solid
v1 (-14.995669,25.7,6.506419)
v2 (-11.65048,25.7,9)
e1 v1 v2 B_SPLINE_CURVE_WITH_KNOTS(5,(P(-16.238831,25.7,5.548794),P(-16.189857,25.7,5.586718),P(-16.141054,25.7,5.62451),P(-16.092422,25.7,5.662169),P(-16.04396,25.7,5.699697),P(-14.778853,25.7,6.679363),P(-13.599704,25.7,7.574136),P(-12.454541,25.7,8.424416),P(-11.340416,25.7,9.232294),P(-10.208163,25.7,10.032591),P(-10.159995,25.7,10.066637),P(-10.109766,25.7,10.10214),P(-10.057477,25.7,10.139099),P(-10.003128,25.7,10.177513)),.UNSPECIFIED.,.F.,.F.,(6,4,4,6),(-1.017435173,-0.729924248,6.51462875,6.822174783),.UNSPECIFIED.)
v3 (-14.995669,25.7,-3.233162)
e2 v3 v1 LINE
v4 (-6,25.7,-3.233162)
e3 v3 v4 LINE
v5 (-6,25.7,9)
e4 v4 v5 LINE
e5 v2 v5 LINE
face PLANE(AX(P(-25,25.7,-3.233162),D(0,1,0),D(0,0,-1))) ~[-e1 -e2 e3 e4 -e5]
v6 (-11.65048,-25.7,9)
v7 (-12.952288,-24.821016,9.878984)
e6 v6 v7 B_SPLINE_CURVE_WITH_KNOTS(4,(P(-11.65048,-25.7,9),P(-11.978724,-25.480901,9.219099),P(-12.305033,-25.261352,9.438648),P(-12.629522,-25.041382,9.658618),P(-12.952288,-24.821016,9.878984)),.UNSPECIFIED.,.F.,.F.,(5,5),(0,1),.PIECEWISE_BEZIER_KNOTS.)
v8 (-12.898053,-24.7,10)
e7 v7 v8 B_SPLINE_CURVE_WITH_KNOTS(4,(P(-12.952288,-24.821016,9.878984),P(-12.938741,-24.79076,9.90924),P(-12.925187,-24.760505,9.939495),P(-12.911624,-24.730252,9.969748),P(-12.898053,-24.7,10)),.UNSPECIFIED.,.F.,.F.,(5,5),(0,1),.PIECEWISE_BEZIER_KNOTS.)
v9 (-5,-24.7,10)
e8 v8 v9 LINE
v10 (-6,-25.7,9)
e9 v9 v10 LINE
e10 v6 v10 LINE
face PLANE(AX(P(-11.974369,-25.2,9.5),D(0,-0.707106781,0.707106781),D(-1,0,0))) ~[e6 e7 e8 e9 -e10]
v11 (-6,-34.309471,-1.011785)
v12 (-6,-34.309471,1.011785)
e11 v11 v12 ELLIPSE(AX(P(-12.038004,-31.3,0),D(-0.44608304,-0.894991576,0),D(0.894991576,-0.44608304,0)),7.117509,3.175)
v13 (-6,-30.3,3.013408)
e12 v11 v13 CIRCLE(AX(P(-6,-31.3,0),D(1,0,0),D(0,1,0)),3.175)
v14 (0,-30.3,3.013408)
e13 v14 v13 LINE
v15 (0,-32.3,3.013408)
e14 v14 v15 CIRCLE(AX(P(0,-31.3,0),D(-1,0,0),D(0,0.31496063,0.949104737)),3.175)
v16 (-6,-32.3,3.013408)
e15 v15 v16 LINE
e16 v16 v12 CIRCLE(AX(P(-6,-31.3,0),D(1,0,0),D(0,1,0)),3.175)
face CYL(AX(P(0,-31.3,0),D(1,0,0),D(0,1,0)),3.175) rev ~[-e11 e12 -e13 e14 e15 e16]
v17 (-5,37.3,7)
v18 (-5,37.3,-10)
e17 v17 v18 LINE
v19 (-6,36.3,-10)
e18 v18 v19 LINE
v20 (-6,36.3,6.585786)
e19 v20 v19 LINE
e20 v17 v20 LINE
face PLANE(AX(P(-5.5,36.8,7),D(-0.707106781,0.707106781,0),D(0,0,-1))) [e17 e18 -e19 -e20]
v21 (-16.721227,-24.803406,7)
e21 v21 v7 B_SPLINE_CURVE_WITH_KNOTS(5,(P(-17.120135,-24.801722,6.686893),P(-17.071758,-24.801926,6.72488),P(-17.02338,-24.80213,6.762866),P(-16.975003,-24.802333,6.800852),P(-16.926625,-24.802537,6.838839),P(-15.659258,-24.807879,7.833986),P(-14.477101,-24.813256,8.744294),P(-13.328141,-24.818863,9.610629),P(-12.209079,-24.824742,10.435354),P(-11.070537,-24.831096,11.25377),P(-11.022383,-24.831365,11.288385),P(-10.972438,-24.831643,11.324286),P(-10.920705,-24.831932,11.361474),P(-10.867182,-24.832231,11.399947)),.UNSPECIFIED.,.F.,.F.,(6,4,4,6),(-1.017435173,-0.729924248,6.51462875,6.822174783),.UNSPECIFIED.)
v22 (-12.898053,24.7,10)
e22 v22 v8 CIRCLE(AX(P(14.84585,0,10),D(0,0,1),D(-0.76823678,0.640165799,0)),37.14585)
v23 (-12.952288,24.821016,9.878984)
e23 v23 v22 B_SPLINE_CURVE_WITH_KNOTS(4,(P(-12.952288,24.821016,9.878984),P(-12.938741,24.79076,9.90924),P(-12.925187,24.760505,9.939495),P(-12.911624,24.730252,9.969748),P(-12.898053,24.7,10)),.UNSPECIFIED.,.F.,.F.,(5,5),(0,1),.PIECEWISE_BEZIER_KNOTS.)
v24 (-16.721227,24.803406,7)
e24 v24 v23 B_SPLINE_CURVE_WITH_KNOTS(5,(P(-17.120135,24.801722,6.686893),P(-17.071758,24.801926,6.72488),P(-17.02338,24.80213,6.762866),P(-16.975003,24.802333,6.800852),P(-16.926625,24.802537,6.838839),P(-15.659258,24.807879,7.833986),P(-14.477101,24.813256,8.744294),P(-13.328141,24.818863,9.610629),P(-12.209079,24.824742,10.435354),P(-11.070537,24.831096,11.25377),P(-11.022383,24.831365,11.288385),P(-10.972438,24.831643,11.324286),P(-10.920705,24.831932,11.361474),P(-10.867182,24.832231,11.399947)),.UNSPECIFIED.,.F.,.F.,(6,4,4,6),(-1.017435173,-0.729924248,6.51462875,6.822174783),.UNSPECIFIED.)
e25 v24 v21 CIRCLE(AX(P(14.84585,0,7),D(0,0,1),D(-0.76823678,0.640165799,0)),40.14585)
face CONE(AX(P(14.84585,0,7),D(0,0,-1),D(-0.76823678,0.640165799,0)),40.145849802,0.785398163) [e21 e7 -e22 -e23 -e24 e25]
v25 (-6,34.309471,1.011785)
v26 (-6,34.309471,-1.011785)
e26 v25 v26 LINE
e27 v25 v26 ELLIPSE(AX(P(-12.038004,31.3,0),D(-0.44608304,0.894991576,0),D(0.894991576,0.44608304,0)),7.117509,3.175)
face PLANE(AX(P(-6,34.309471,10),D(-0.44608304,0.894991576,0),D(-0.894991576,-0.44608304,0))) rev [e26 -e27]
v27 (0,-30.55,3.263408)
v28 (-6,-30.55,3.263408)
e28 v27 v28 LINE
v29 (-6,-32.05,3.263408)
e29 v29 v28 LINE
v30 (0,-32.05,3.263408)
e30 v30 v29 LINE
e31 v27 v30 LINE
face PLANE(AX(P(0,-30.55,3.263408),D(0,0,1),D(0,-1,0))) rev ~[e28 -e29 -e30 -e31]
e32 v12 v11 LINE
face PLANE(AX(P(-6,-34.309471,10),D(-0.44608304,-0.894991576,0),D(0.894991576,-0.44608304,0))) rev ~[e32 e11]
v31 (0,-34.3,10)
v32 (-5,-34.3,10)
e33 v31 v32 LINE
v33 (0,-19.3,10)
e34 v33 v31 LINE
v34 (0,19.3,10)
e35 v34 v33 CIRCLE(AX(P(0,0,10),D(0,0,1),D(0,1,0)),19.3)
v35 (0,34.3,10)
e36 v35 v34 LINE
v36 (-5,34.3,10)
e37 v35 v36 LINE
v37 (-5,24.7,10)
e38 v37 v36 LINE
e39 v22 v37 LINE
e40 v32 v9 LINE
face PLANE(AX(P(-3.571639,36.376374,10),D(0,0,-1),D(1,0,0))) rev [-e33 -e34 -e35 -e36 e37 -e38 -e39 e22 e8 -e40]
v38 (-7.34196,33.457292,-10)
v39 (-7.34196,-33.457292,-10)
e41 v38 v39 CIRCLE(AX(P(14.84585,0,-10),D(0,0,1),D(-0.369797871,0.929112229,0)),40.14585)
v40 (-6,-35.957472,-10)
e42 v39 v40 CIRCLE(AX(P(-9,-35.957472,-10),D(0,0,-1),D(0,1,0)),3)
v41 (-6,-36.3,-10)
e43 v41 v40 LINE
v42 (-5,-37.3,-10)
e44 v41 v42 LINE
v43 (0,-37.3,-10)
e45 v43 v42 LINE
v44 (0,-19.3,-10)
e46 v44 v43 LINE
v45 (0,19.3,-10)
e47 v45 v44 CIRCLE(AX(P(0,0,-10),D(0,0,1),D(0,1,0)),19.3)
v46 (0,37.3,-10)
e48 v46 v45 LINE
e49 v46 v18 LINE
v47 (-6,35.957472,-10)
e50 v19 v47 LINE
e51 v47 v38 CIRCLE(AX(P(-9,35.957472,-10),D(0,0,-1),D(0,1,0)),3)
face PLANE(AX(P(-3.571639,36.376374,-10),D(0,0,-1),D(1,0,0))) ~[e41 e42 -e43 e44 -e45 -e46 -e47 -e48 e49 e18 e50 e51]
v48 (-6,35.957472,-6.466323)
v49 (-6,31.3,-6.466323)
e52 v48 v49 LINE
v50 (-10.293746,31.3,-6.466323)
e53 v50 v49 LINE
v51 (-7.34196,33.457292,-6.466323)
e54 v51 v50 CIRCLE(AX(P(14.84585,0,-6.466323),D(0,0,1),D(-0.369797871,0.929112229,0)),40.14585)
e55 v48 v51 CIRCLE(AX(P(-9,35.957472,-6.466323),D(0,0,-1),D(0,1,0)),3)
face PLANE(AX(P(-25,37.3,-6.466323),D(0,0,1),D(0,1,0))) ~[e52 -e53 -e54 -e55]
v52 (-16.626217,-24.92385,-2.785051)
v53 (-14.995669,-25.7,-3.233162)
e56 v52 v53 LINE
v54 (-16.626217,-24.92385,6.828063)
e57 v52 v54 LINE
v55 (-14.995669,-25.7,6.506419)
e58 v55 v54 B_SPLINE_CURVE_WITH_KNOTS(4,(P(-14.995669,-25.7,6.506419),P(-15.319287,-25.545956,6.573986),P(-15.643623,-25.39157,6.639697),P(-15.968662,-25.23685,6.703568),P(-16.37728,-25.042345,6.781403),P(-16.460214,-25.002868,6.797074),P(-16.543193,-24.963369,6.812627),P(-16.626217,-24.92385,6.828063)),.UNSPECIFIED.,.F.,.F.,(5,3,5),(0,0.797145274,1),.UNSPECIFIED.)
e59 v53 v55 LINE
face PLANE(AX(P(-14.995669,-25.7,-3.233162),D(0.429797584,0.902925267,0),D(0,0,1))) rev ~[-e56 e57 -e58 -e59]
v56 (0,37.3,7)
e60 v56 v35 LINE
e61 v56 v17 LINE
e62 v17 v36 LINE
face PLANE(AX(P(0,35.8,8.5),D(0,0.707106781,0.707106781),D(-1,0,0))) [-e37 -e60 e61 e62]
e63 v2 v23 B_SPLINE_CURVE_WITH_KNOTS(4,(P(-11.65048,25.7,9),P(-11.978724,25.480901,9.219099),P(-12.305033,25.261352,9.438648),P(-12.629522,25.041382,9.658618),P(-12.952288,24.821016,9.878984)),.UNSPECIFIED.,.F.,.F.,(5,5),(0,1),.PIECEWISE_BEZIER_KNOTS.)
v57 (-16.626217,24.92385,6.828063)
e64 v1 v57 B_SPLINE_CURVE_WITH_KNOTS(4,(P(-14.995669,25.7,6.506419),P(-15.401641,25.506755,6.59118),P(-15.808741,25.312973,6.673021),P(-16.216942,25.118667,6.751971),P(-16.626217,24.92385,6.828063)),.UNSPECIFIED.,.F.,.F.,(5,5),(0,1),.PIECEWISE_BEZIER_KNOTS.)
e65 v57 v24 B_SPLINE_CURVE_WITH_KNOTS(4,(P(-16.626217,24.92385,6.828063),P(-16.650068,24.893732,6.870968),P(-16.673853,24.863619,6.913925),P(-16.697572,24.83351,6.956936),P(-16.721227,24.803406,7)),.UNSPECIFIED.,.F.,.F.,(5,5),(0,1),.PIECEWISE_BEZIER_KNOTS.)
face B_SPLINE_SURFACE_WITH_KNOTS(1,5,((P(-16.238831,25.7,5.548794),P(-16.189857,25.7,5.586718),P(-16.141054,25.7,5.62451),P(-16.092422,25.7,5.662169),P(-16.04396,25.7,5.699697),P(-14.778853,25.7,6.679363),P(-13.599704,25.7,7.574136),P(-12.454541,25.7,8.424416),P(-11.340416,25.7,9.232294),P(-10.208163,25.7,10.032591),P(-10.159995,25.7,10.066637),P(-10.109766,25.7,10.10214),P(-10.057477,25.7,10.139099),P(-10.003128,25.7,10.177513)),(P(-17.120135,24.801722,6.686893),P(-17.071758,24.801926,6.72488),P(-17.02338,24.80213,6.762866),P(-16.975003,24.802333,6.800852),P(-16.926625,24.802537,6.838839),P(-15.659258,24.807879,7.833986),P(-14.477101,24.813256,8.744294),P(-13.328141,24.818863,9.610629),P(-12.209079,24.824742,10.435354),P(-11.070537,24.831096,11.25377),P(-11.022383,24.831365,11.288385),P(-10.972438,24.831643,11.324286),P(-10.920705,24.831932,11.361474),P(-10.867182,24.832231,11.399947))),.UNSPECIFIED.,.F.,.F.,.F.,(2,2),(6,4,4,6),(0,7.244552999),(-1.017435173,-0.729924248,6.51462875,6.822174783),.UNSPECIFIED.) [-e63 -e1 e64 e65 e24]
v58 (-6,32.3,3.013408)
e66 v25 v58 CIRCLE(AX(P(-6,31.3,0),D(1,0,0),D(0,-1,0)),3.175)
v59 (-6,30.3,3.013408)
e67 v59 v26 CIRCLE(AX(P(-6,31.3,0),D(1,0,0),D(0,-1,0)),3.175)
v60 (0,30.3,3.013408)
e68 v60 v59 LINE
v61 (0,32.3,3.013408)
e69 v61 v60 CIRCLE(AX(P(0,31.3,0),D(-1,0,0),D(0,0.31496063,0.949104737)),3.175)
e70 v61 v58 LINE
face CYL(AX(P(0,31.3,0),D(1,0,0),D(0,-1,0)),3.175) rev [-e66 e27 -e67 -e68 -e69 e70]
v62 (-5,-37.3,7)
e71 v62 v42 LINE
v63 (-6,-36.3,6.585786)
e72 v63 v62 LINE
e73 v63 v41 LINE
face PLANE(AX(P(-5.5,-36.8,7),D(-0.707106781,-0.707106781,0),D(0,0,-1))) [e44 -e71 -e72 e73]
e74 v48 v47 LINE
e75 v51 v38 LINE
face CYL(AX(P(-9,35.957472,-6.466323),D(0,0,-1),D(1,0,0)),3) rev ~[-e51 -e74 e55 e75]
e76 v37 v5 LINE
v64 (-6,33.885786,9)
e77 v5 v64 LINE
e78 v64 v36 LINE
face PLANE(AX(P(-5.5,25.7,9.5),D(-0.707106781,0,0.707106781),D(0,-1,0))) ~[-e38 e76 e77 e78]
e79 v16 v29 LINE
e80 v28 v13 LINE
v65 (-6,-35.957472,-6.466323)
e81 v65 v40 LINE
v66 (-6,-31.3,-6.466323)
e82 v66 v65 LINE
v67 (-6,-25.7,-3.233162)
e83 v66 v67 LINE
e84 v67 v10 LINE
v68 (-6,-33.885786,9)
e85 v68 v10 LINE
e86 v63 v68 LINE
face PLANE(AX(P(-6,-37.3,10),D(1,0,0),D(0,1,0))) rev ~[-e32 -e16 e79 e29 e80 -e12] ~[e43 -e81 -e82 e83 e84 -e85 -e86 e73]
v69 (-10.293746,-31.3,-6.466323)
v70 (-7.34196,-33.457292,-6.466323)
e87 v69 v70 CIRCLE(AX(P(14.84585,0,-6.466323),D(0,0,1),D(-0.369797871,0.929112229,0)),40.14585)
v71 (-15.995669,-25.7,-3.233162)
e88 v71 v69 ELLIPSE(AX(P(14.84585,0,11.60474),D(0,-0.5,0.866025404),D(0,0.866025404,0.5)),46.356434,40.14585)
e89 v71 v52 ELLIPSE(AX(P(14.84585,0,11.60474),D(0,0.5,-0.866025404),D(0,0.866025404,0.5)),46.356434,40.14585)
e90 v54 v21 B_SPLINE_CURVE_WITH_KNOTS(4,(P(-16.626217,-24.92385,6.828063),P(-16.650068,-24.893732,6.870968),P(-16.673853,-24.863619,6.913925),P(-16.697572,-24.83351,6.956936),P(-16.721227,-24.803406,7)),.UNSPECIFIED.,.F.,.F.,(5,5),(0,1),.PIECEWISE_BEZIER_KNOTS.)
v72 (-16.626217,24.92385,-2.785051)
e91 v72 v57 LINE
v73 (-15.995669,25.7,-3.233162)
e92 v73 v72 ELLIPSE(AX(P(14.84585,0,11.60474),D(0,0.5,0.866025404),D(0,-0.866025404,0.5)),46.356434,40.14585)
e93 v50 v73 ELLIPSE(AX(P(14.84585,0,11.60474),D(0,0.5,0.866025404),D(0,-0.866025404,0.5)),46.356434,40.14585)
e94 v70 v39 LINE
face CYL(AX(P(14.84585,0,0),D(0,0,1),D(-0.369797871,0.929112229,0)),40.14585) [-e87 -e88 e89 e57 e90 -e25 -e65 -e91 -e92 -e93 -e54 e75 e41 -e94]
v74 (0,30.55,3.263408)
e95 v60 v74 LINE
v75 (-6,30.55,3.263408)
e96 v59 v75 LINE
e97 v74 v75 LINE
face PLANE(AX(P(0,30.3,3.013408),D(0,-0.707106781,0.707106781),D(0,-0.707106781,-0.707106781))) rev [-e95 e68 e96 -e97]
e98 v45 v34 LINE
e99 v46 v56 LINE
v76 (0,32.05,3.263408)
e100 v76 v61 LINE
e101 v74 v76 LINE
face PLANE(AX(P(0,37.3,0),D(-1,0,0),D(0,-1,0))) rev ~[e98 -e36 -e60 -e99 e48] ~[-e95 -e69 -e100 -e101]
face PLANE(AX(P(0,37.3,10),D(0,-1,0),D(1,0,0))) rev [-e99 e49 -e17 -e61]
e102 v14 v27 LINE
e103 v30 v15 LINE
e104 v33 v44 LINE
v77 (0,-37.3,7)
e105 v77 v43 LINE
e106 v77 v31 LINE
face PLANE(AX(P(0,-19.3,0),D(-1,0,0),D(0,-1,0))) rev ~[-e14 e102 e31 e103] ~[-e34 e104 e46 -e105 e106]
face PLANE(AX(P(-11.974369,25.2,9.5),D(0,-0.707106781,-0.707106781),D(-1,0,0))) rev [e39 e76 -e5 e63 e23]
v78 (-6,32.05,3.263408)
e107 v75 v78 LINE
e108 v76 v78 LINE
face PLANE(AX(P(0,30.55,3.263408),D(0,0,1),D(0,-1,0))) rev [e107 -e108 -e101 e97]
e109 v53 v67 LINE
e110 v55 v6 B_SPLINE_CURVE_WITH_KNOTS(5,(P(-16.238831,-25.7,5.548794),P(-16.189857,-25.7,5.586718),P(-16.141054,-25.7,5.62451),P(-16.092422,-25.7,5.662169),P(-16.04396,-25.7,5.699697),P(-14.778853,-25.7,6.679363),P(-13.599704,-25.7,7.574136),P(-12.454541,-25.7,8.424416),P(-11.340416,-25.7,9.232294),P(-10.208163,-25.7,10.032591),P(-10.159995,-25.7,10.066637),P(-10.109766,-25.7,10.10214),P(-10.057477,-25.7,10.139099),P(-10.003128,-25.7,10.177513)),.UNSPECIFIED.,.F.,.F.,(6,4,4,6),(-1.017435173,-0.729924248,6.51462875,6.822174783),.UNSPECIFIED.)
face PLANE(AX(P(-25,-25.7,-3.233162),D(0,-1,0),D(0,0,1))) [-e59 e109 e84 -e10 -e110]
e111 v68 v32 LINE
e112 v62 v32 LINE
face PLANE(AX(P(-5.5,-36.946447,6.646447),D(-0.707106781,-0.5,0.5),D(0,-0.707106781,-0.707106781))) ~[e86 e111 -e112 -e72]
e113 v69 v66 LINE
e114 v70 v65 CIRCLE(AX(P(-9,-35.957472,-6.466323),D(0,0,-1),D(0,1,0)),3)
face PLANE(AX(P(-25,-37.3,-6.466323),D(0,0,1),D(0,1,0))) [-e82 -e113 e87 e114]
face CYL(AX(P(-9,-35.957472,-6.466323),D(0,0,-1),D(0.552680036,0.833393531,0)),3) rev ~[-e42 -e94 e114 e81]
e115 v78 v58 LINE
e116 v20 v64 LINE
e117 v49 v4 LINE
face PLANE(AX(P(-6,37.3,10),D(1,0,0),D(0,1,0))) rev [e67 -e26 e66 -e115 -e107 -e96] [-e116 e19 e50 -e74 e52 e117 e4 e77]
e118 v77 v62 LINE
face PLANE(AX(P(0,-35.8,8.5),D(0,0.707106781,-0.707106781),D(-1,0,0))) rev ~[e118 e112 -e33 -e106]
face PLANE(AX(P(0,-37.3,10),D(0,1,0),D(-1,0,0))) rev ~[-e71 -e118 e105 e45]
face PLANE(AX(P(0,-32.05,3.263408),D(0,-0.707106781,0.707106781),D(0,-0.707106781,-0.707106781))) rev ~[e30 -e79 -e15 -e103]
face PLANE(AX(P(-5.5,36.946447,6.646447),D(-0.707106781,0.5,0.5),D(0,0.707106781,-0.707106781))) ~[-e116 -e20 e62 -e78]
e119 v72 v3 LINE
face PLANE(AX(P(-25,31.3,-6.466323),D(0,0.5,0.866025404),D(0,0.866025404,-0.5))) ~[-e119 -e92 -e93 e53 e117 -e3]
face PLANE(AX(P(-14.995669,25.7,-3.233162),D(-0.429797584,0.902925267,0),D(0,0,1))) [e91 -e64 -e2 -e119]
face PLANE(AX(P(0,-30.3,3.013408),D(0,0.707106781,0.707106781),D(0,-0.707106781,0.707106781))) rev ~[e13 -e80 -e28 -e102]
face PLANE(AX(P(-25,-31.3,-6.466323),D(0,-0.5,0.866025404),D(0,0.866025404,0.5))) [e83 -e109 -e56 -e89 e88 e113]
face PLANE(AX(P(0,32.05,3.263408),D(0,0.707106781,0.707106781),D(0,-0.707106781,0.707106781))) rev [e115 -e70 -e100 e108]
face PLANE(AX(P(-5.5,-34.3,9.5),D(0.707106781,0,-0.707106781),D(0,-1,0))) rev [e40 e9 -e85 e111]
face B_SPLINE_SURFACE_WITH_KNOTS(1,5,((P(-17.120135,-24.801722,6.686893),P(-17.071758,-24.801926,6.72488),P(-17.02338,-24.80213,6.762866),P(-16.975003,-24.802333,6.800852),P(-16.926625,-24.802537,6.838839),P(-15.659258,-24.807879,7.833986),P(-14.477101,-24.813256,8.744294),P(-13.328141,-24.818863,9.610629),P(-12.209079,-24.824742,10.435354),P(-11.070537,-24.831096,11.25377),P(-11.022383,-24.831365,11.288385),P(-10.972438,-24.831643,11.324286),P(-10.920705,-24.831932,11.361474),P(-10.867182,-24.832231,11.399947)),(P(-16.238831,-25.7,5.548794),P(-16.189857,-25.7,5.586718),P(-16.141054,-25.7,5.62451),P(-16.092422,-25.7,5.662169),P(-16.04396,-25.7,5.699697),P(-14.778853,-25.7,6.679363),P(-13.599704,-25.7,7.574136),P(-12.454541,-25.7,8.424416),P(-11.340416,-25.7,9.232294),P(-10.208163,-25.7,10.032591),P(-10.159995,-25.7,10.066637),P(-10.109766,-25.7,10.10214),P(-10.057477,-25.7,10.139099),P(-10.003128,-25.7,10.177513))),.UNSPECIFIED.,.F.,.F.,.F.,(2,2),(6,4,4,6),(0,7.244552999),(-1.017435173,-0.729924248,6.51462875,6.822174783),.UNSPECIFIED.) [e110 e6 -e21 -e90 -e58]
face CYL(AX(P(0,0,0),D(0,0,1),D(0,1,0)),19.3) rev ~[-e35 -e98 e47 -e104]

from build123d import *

# Parameters (mm, degrees)
PAD008_DEPTH    = 10
SKETCH029_R     = 3.175
POCKET018_DEPTH = 187.8463782794
POCKET019_DEPTH = 187.8463789695
POCKET020_DEPTH = 19
PAD009_DEPTH    = 20
CHAMFER007_SIZE = 3
CHAMFER008_SIZE = 1
FILLET002_R     = 3


with BuildPart() as part:
    # Sketch028 → Pad008 (new body, symmetric)
    with BuildSketch(Plane.XY):
        with BuildLine():
            ThreePointArc((0, 19.3), (-19.3, 0), (0, -19.3))
            Line((0, -19.3), (0, -37.3))
            ThreePointArc((0, 37.3), (-25.3, 0), (0, -37.3))
            Line((0, 37.3), (0, 19.3))
        make_face()
    extrude(amount=PAD008_DEPTH, both=True)

    # Sketch029 (on Face3 of Pad008) → Pocket018 (cut, through all)
    with BuildSketch(Plane.YZ):
        with Locations((-31.3, 0)):
            Circle(SKETCH029_R)
    pocket018 = extrude(amount=-POCKET018_DEPTH, mode=Mode.SUBTRACT)

    # Mirrored018: Pocket018 across Sketch029 V_Axis
    add(pocket018.mirror(Plane(origin=(0, 0, 0), x_dir=(1, 0, 0), z_dir=(0, 1, 0))), mode=Mode.SUBTRACT)

    # Sketch030 (on Face7 of Mirrored018) → Pocket019 (cut, through all)
    with BuildSketch(Plane.YZ):
        Polygon((-32.3, 3.0134075396), (-30.3, 3.0134075396), (-30.55, 3.2634075396), (-32.05, 3.2634075396), align=None)
    pocket019 = extrude(amount=-POCKET019_DEPTH, mode=Mode.SUBTRACT)

    # Mirrored019: Pocket019 across Sketch030 V_Axis
    add(pocket019.mirror(Plane(origin=(0, 0, 0), x_dir=(1, 0, 0), z_dir=(0, 1, 0))), mode=Mode.SUBTRACT)

    # Sketch031 (on DatumPlane) → Pocket020 (cut)
    with BuildSketch(Plane(origin=(-25, 0, 0), x_dir=(0, -1, 0), z_dir=(-1, 0, 0))):
        Polygon((25.7, -3.2331615075), (25.7, 10), (37.3, 10), (37.3, -6.4663230149), (31.3, -6.4663230149), align=None)
    pocket020 = extrude(amount=-POCKET020_DEPTH, mode=Mode.SUBTRACT)

    # Mirrored020: Pocket020 across Sketch031 V_Axis
    add(pocket020.mirror(Plane(origin=(-25, 0, 0), x_dir=(-1, 0, 0), z_dir=(0, -1, 0))), mode=Mode.SUBTRACT)

    # Sketch032 (on Face4 of Mirrored020) → Pad009 (join)
    with BuildSketch(Plane.XY.offset(10)):
        Polygon((0, -37.3), (-6, -37.3), (-6, -34.3094710302), align=None)
    pad009 = extrude(amount=-PAD009_DEPTH)

    # Mirrored021: Pad009 across Sketch032 H_Axis
    add(pad009.mirror(Plane(origin=(0, 0, 10), x_dir=(0, 0, 1), z_dir=(0, 1, 0))))

    # Chamfer007
    chamfer007_edges = [part.edges().sort_by_distance(p)[0] for p in [
        (-3, -37.3, 10),
        (-25.3, 0, 10),
        (-3, 37.3, 10),
    ]]
    chamfer(chamfer007_edges, length=CHAMFER007_SIZE)

    # Chamfer008
    chamfer008_edges = [part.edges().sort_by_distance(p)[0] for p in [
        (-6, -37.3, -1.5),
        (-6, -35.8, 8.5),
        (-6, -30, 10),
        (-8.987185, -25.7, 10),
        (-13.996133, -25.7, 8.514904),
        (-15.995669, -25.7, 1.883419),
        (-15.995669, 25.7, 1.883419),
        (-13.996133, 25.7, 8.514904),
        (-8.987185, 25.7, 10),
        (-6, 30, 10),
        (-6, 35.8, 8.5),
        (-6, 37.3, -1.5),
    ]]
    chamfer(chamfer008_edges, length=CHAMFER008_SIZE)

    # Fillet002
    fillet002_edges = [part.edges().sort_by_distance(p)[0] for p in [
        (-6, 34.309471, -8.233162),
        (-6, -34.309471, -8.233162),
    ]]
    fillet(fillet002_edges, radius=FILLET002_R)


solid = part.part
